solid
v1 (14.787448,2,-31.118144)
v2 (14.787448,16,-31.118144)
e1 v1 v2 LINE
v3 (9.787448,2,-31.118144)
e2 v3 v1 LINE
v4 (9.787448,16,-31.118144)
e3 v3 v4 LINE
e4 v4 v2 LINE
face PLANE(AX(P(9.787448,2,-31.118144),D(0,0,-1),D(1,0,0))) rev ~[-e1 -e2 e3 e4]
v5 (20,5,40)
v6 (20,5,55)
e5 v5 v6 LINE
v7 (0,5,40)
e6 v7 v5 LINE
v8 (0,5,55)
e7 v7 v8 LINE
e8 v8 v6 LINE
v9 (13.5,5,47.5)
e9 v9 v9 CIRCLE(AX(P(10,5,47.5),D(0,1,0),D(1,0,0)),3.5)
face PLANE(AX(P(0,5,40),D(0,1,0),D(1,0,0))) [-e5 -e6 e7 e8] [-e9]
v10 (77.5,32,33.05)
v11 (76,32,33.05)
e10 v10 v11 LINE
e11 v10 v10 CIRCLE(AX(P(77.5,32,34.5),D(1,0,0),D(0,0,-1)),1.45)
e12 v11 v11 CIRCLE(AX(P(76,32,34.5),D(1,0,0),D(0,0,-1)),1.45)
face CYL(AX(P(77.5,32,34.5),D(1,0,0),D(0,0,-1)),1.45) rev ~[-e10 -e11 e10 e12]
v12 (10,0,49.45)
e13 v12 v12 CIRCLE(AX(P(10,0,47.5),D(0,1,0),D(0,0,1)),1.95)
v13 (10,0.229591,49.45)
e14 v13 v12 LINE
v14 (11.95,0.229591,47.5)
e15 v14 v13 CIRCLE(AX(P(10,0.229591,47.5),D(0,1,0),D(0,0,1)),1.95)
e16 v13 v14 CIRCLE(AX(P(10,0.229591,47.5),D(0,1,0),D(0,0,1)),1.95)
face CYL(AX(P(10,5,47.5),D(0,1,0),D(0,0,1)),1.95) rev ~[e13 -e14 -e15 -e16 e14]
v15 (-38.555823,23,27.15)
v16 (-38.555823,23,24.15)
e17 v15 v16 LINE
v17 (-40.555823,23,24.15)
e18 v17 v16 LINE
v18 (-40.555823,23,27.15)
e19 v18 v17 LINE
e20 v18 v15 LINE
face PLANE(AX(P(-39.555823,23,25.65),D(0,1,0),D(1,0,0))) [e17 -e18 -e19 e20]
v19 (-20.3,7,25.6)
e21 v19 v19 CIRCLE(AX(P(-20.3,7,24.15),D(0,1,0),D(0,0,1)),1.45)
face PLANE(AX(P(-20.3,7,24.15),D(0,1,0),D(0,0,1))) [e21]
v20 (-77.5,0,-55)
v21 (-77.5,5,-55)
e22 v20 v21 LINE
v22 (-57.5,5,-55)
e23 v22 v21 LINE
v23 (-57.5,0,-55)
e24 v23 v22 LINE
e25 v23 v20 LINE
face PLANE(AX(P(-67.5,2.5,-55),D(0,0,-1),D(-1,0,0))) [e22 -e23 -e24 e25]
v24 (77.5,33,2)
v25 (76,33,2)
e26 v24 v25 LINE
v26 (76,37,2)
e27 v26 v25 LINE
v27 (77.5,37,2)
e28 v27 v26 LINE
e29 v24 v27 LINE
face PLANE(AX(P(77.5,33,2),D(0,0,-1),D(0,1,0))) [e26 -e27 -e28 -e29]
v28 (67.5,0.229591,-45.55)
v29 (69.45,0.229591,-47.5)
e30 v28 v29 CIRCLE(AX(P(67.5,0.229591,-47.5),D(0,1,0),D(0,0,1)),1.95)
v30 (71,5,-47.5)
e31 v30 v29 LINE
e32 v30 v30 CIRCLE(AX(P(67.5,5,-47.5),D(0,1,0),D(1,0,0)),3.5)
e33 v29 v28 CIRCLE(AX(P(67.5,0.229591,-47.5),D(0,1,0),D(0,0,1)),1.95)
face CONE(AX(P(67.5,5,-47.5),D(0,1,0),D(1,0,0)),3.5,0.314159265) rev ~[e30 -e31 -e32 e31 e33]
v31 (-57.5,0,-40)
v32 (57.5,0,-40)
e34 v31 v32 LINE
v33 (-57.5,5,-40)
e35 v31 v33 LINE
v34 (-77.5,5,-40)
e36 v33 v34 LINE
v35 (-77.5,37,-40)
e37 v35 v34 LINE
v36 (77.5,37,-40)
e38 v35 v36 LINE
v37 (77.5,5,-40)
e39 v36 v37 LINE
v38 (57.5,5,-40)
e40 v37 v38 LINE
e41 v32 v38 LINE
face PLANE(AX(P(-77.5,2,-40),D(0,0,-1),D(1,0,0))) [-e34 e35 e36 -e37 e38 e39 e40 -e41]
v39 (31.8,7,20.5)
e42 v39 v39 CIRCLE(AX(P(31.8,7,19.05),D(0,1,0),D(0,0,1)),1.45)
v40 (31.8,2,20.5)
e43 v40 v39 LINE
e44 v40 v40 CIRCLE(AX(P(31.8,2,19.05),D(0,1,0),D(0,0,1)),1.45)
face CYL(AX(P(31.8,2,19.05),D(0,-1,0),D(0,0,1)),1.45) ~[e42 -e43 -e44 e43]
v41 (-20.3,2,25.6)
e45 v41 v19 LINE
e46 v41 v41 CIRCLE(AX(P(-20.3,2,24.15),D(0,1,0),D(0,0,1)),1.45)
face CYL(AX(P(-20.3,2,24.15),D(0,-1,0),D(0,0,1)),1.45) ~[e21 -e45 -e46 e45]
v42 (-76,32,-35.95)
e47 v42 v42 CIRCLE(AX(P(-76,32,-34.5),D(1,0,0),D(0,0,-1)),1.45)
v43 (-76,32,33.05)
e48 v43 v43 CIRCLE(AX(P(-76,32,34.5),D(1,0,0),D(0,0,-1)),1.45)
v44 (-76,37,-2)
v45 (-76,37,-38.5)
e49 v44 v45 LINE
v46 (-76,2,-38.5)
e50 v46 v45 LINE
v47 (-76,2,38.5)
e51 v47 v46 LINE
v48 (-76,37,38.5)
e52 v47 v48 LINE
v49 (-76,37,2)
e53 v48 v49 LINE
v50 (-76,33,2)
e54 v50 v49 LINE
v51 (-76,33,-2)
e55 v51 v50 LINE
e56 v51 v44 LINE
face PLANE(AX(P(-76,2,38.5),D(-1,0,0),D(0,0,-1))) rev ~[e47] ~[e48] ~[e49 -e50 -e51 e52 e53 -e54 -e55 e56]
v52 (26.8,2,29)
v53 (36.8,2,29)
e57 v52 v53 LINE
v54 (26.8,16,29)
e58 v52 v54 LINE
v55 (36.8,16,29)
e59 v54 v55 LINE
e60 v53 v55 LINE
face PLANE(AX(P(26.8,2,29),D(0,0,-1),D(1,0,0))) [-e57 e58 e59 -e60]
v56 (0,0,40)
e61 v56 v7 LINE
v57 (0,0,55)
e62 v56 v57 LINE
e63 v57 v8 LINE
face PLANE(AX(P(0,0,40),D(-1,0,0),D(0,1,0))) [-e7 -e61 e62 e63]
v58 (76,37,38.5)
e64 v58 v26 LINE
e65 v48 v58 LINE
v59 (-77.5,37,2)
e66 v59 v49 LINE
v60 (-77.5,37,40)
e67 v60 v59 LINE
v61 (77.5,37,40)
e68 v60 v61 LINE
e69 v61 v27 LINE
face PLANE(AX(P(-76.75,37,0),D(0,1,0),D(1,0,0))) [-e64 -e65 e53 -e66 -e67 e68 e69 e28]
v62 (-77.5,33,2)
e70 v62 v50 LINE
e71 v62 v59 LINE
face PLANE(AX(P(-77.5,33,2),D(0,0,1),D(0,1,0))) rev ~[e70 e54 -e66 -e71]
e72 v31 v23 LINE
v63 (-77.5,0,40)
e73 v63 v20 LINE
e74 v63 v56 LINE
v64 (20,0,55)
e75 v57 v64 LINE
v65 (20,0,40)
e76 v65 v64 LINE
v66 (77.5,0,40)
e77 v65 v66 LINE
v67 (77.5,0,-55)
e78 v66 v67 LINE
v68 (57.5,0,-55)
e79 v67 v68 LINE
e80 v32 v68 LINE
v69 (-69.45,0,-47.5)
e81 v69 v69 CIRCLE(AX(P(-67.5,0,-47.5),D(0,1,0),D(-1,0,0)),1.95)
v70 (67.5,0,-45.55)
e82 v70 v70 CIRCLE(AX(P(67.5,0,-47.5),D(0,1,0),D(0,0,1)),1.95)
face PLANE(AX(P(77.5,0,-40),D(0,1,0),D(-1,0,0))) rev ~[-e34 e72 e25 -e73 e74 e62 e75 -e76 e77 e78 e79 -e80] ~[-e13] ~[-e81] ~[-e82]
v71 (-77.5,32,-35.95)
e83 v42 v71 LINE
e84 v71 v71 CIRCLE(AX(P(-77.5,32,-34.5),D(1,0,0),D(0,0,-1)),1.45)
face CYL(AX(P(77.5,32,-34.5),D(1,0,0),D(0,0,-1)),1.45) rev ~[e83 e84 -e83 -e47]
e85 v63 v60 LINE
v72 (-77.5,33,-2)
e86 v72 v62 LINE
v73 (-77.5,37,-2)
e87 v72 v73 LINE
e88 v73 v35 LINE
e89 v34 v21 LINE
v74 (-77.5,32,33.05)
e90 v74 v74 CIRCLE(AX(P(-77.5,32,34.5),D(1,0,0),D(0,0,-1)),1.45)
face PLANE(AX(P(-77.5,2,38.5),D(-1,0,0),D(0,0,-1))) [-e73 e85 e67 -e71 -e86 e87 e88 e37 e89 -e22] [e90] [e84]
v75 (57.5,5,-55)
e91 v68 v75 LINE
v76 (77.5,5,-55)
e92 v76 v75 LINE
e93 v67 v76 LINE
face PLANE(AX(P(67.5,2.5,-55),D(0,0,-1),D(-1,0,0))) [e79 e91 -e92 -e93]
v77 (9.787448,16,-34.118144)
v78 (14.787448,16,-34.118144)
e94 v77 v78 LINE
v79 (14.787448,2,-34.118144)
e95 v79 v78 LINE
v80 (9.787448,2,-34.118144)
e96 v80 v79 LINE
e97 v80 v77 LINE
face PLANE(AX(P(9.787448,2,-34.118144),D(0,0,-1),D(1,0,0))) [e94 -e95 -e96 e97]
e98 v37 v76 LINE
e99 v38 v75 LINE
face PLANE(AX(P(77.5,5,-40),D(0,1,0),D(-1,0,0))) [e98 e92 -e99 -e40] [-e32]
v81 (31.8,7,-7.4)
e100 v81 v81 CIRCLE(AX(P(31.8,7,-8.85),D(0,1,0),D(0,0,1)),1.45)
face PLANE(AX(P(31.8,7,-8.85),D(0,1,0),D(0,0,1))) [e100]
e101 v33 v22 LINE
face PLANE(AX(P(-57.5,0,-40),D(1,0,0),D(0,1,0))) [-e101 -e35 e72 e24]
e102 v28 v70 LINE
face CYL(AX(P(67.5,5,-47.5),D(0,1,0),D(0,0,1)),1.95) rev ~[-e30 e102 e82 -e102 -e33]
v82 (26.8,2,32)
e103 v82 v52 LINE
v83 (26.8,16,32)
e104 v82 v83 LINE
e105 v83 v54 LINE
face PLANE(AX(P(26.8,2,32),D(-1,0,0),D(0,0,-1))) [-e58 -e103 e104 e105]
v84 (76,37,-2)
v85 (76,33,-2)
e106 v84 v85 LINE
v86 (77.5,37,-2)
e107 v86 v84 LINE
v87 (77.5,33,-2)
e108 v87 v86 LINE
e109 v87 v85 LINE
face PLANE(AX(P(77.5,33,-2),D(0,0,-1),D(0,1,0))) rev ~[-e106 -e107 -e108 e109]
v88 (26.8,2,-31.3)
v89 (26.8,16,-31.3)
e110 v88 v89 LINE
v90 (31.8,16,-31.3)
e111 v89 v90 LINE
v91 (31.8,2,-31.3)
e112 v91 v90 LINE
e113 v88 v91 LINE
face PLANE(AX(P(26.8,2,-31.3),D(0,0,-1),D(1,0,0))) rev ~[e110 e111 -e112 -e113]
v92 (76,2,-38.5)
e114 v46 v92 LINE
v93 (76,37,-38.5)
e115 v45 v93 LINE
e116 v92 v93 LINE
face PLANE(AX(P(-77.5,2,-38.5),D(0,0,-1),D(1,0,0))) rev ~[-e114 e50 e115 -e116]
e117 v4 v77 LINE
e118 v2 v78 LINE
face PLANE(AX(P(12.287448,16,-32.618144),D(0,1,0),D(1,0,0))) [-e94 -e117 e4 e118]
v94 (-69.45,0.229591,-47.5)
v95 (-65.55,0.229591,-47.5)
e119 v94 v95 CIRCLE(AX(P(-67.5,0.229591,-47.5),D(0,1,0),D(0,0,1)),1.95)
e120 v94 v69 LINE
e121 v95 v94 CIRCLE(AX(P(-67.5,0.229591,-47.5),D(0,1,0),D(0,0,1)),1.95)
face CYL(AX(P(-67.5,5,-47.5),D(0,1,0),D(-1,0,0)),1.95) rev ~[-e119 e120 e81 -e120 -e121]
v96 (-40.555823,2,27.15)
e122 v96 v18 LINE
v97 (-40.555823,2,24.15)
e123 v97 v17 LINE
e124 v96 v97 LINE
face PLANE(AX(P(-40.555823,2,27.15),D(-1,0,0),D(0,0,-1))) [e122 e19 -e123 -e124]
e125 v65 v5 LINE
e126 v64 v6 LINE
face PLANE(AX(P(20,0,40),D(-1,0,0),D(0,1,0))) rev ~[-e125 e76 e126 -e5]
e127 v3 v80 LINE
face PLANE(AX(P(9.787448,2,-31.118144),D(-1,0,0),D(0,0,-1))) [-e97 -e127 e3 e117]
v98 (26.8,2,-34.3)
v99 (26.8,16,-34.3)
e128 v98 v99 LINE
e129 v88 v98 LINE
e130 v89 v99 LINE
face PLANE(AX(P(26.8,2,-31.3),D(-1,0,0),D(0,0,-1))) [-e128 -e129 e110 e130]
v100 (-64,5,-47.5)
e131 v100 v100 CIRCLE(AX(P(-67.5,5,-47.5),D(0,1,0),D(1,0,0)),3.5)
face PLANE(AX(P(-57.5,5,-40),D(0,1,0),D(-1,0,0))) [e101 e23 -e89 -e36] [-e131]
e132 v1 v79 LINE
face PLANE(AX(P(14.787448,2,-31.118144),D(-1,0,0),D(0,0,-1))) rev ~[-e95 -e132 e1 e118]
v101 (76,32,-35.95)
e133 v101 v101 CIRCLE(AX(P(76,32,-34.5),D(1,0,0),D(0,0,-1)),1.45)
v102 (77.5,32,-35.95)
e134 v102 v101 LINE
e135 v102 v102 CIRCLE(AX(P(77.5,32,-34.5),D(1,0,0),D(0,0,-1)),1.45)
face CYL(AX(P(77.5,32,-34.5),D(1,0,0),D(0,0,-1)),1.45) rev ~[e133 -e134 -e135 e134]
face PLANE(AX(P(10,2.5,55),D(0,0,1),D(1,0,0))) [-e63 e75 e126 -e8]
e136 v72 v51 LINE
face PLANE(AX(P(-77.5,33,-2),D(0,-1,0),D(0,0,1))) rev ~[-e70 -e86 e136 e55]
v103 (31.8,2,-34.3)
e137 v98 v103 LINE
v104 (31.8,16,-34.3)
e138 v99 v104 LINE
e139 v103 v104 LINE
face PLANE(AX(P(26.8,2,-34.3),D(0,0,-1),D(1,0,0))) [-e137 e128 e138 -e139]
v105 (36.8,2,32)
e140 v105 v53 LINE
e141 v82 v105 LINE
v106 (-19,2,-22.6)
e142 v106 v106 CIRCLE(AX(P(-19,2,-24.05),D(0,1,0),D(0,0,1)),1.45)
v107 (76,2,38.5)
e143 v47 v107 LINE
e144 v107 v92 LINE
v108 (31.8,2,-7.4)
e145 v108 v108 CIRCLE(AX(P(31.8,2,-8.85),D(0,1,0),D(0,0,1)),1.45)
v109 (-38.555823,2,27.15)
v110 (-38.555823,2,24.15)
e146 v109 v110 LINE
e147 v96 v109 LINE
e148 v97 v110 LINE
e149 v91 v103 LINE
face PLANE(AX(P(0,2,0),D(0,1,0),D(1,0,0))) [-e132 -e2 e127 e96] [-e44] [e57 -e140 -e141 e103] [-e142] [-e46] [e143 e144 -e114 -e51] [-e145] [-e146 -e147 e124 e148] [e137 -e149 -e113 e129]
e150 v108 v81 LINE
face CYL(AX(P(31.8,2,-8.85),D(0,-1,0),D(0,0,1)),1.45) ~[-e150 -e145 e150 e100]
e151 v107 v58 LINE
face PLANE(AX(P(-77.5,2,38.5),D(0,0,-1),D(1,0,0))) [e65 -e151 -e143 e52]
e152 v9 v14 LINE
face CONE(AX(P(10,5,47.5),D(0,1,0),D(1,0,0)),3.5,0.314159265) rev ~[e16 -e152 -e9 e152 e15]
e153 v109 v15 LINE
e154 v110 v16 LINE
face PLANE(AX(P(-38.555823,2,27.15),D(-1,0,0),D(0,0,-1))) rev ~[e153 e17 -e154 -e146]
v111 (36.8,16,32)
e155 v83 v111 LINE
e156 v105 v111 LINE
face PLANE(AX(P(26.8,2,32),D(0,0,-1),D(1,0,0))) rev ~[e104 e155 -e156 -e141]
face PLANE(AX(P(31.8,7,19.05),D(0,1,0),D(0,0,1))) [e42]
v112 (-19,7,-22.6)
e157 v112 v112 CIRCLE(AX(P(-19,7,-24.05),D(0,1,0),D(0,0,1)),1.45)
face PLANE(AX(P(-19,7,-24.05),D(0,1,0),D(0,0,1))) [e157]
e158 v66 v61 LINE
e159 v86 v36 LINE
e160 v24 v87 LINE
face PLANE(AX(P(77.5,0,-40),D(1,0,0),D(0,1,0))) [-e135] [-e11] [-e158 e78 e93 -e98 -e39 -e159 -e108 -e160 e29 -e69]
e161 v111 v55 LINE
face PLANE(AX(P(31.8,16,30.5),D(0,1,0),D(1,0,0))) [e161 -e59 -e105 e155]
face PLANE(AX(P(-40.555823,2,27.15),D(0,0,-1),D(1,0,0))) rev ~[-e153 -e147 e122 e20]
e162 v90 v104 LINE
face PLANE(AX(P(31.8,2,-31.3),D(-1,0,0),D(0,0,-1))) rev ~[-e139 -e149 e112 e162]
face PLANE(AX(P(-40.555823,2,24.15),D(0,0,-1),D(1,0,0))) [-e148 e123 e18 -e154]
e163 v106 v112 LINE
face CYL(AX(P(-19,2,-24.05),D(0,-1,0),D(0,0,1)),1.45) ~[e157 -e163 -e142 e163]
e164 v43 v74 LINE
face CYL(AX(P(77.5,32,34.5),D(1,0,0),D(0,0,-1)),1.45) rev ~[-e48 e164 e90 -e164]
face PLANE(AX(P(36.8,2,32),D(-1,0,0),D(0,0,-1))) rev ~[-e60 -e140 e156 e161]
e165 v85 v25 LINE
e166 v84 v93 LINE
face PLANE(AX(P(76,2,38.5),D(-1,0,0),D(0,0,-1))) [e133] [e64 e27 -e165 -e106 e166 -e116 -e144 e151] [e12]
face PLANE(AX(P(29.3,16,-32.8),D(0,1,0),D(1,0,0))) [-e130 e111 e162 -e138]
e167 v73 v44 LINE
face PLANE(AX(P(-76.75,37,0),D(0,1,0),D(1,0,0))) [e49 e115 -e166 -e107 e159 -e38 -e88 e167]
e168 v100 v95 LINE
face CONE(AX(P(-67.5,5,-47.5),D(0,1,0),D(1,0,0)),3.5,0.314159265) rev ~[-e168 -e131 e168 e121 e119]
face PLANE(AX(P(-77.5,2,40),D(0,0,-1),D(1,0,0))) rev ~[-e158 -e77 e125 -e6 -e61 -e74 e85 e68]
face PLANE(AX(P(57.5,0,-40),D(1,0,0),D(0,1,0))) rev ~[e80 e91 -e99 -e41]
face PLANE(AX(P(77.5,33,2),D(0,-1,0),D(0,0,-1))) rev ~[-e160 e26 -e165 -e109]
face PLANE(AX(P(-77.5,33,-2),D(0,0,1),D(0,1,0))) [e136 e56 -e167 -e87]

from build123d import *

# Parameters (mm, degrees)
SKETCH1_W            = 155
SKETCH1_H            = 80
BOSS_EXTRUDE1_DEPTH  = 2
SKETCH3_R            = 1.45
BOSS_EXTRUDE2_DEPTH  = 5
SKETCH4_W            = 5
SKETCH4_H            = 3
BOSS_EXTRUDE3_DEPTH  = 14
SKETCH5_W            = 5
SKETCH5_H            = 3
BOSS_EXTRUDE4_DEPTH  = 14
SKETCH6_W            = 10
SKETCH6_H            = 3
BOSS_EXTRUDE5_DEPTH  = 14
SKETCH7_W            = 2
SKETCH7_H            = 3
BOSS_EXTRUDE6_DEPTH  = 21
SKETCH8_W            = 155
SKETCH8_H            = 1.5
BOSS_EXTRUDE7_DEPTH  = 35
SKETCH9_W            = 155
SKETCH9_H            = 1.5
BOSS_EXTRUDE8_DEPTH  = 35
SKETCH10_W           = 1.5
SKETCH10_H           = 77
BOSS_EXTRUDE9_DEPTH  = 35
SKETCH11_W           = 1.5
SKETCH11_H           = 77
BOSS_EXTRUDE10_DEPTH = 35
SKETCH12_W           = 4
SKETCH12_H           = 8
CUT_EXTRUDE1_DEPTH   = 5
SKETCH13_W           = 4
SKETCH13_H           = 8
CUT_EXTRUDE2_DEPTH   = 5
SKETCH14_W           = 20
SKETCH14_H           = 5
BOSS_EXTRUDE11_DEPTH = 15
SKETCH15_W           = 20
SKETCH15_H           = 5
BOSS_EXTRUDE12_DEPTH = 15
SKETCH16_R           = 1.95
CUT_EXTRUDE3_DEPTH   = 5
SKETCH17_R           = 3.5
CUT_EXTRUDE4_DEPTH   = 10
CUT_EXTRUDE4_DRAFT   = -18
SKETCH18_R           = 1.95
CUT_EXTRUDE5_DEPTH   = 10
SKETCH19_R           = 3.5
CUT_EXTRUDE6_DEPTH   = 10
CUT_EXTRUDE6_DRAFT   = -18
SKETCH20_R           = 1.95
CUT_EXTRUDE7_DEPTH   = 10
SKETCH21_R           = 3.5
CUT_EXTRUDE8_DEPTH   = 10
CUT_EXTRUDE8_DRAFT   = -18
SKETCH22_R           = 1.45
CUT_EXTRUDE9_DEPTH   = 200
SKETCH23_R           = 1.45
CUT_EXTRUDE10_DEPTH  = 200


with BuildPart() as part:
    # Sketch1 → Boss-Extrude1 (new body)
    with BuildSketch(Plane(origin=(0, 0, 0), x_dir=(1, 0, 0), z_dir=(0, 1, 0))):
        Rectangle(SKETCH1_W, SKETCH1_H)
    extrude(amount=BOSS_EXTRUDE1_DEPTH)

    # Sketch3 → Boss-Extrude2 (add)
    with BuildSketch(Plane(origin=(0, 2, 0), x_dir=(1, 0, 0), z_dir=(0, 1, 0))):
        with Locations(Location((-20.3, -24.15, 0), (0, 0, 270))):
            Circle(SKETCH3_R)
        with Locations(Location((-19, 24.05, 0), (0, 0, 270))):
            Circle(SKETCH3_R)
        with Locations(Location((31.8, 8.85, 0), (0, 0, 270))):
            Circle(SKETCH3_R)
        with Locations(Location((31.8, -19.05, 0), (0, 0, 270))):
            Circle(SKETCH3_R)
    extrude(amount=BOSS_EXTRUDE2_DEPTH)

    # Sketch4 → Boss-Extrude3 (add)
    with BuildSketch(Plane(origin=(0, 2, 0), x_dir=(1, 0, 0), z_dir=(0, 1, 0))):
        with Locations((29.3, 32.8)):
            Rectangle(SKETCH4_W, SKETCH4_H)
    extrude(amount=BOSS_EXTRUDE3_DEPTH)

    # Sketch5 → Boss-Extrude4 (add)
    with BuildSketch(Plane(origin=(0, 2, 0), x_dir=(1, 0, 0), z_dir=(0, 1, 0))):
        with Locations((12.287448128, 32.618143972)):
            Rectangle(SKETCH5_W, SKETCH5_H)
    extrude(amount=BOSS_EXTRUDE4_DEPTH)

    # Sketch6 → Boss-Extrude5 (add)
    with BuildSketch(Plane(origin=(0, 2, 0), x_dir=(1, 0, 0), z_dir=(0, 1, 0))):
        with Locations((31.8, -30.5)):
            Rectangle(SKETCH6_W, SKETCH6_H)
    extrude(amount=BOSS_EXTRUDE5_DEPTH)

    # Sketch7 → Boss-Extrude6 (add)
    with BuildSketch(Plane(origin=(0, 2, 0), x_dir=(1, 0, 0), z_dir=(0, 1, 0))):
        with Locations((-39.555823147, -25.65)):
            Rectangle(SKETCH7_W, SKETCH7_H)
    extrude(amount=BOSS_EXTRUDE6_DEPTH)

    # Sketch8 → Boss-Extrude7 (add)
    with BuildSketch(Plane(origin=(0, 2, 0), x_dir=(1, 0, 0), z_dir=(0, 1, 0))):
        with Locations((0, 39.25)):
            Rectangle(SKETCH8_W, SKETCH8_H)
    extrude(amount=BOSS_EXTRUDE7_DEPTH)

    # Sketch9 → Boss-Extrude8 (add)
    with BuildSketch(Plane(origin=(0, 2, 0), x_dir=(1, 0, 0), z_dir=(0, 1, 0))):
        with Locations((0, -39.25)):
            Rectangle(SKETCH9_W, SKETCH9_H)
    extrude(amount=BOSS_EXTRUDE8_DEPTH)

    # Sketch10 → Boss-Extrude9 (add)
    with BuildSketch(Plane(origin=(0, 2, 0), x_dir=(1, 0, 0), z_dir=(0, 1, 0))):
        with Locations((76.75, 0)):
            Rectangle(SKETCH10_W, SKETCH10_H)
    extrude(amount=BOSS_EXTRUDE9_DEPTH)

    # Sketch11 → Boss-Extrude10 (add)
    with BuildSketch(Plane(origin=(0, 2, 0), x_dir=(1, 0, 0), z_dir=(0, 1, 0))):
        with Locations((-76.75, 0)):
            Rectangle(SKETCH11_W, SKETCH11_H)
    extrude(amount=BOSS_EXTRUDE10_DEPTH)

    # Sketch12 → Cut-Extrude1 (cut)
    with BuildSketch(Plane.ZY.offset(77.5)):
        with Locations((0, 37)):
            Rectangle(SKETCH12_W, SKETCH12_H)
    extrude(amount=-CUT_EXTRUDE1_DEPTH, mode=Mode.SUBTRACT)

    # Sketch13 → Cut-Extrude2 (cut)
    with BuildSketch(Plane(origin=(77.5, 0, 0), x_dir=(0, 0, -1), z_dir=(1, 0, 0))):
        with Locations((0, 37)):
            Rectangle(SKETCH13_W, SKETCH13_H)
    extrude(amount=-CUT_EXTRUDE2_DEPTH, mode=Mode.SUBTRACT)

    # Sketch14 → Boss-Extrude11 (add)
    with BuildSketch(Plane(origin=(0, 0, -40), x_dir=(-1, 0, 0), z_dir=(0, 0, -1))):
        with Locations((-67.5, 2.5)):
            Rectangle(SKETCH14_W, SKETCH14_H)
        with Locations((67.5, 2.5)):
            Rectangle(SKETCH14_W, SKETCH14_H)
    extrude(amount=BOSS_EXTRUDE11_DEPTH)

    # Sketch15 → Boss-Extrude12 (add)
    with BuildSketch(Plane.XY.offset(40)):
        with Locations((10, 2.5)):
            Rectangle(SKETCH15_W, SKETCH15_H)
    extrude(amount=BOSS_EXTRUDE12_DEPTH)

    # Sketch16 → Cut-Extrude3 (cut)
    with BuildSketch(Plane(origin=(0, 5, 0), x_dir=(1, 0, 0), z_dir=(0, 1, 0))):
        with Locations(Location((67.5, 47.5, 0), (0, 0, 270))):
            Circle(SKETCH16_R)
    extrude(amount=-CUT_EXTRUDE3_DEPTH, mode=Mode.SUBTRACT)


with BuildPart() as cut_extrude4_tool:
    # Sketch17 → Cut-Extrude4 (with draft: the straight prism first)
    with BuildSketch(Plane(origin=(0, 5, 0), x_dir=(1, 0, 0), z_dir=(0, 1, 0))):
        with Locations((67.5, 47.5)):
            Circle(SKETCH17_R)
    extrude(amount=-CUT_EXTRUDE4_DEPTH)
    # Cut-Extrude4: the draft: its side faces are tilted about the plane it starts from
    cut_extrude4_sides = [cut_extrude4_tool.faces().sort_by_distance(p)[0] for p in [
        (64, 0, -47.5),
    ]]
    draft(cut_extrude4_sides, Plane(origin=(0, 5, 0), x_dir=(1, 0, 0), z_dir=(0, 1, 0)), CUT_EXTRUDE4_DRAFT)


with BuildPart() as part_1:
    add(part.part)

    # Cut-Extrude4: cut by cut_extrude4_tool
    add(cut_extrude4_tool.part, mode=Mode.SUBTRACT)

    # Sketch18 → Cut-Extrude5 (cut)
    with BuildSketch(Plane(origin=(0, 5, 0), x_dir=(1, 0, 0), z_dir=(0, 1, 0))):
        with Locations(Location((-67.5, 47.5, 0), (0, 0, 180))):
            Circle(SKETCH18_R)
    extrude(amount=-CUT_EXTRUDE5_DEPTH, mode=Mode.SUBTRACT)


with BuildPart() as cut_extrude6_tool:
    # Sketch19 → Cut-Extrude6 (with draft: the straight prism first)
    with BuildSketch(Plane(origin=(0, 5, 0), x_dir=(1, 0, 0), z_dir=(0, 1, 0))):
        with Locations((-67.5, 47.5)):
            Circle(SKETCH19_R)
    extrude(amount=-CUT_EXTRUDE6_DEPTH)
    # Cut-Extrude6: the draft: its side faces are tilted about the plane it starts from
    cut_extrude6_sides = [cut_extrude6_tool.faces().sort_by_distance(p)[0] for p in [
        (-71, 0, -47.5),
    ]]
    draft(cut_extrude6_sides, Plane(origin=(0, 5, 0), x_dir=(1, 0, 0), z_dir=(0, 1, 0)), CUT_EXTRUDE6_DRAFT)


with BuildPart() as part_2:
    add(part_1.part)

    # Cut-Extrude6: cut by cut_extrude6_tool
    add(cut_extrude6_tool.part, mode=Mode.SUBTRACT)

    # Sketch20 → Cut-Extrude7 (cut)
    with BuildSketch(Plane(origin=(0, 5, 0), x_dir=(1, 0, 0), z_dir=(0, 1, 0))):
        with Locations(Location((10, -47.5, 0), (0, 0, 270))):
            Circle(SKETCH20_R)
    extrude(amount=-CUT_EXTRUDE7_DEPTH, mode=Mode.SUBTRACT)


with BuildPart() as cut_extrude8_tool:
    # Sketch21 → Cut-Extrude8 (with draft: the straight prism first)
    with BuildSketch(Plane(origin=(0, 5, 0), x_dir=(1, 0, 0), z_dir=(0, 1, 0))):
        with Locations((10, -47.5)):
            Circle(SKETCH21_R)
    extrude(amount=-CUT_EXTRUDE8_DEPTH)
    # Cut-Extrude8: the draft: its side faces are tilted about the plane it starts from
    cut_extrude8_sides = [cut_extrude8_tool.faces().sort_by_distance(p)[0] for p in [
        (6.5, 0, 47.5),
    ]]
    draft(cut_extrude8_sides, Plane(origin=(0, 5, 0), x_dir=(1, 0, 0), z_dir=(0, 1, 0)), CUT_EXTRUDE8_DRAFT)


with BuildPart() as part_3:
    add(part_2.part)

    # Cut-Extrude8: cut by cut_extrude8_tool
    add(cut_extrude8_tool.part, mode=Mode.SUBTRACT)

    # Sketch22 → Cut-Extrude9 (cut)
    with BuildSketch(Plane(origin=(77.5, 0, 0), x_dir=(0, 0, -1), z_dir=(1, 0, 0))):
        with Locations((-34.5, 32)):
            Circle(SKETCH22_R)
    extrude(amount=-CUT_EXTRUDE9_DEPTH, mode=Mode.SUBTRACT)

    # Sketch23 → Cut-Extrude10 (cut)
    with BuildSketch(Plane(origin=(77.5, 0, 0), x_dir=(0, 0, -1), z_dir=(1, 0, 0))):
        with Locations((34.5, 32)):
            Circle(SKETCH23_R)
    extrude(amount=-CUT_EXTRUDE10_DEPTH, mode=Mode.SUBTRACT)


solid = part_3.part
